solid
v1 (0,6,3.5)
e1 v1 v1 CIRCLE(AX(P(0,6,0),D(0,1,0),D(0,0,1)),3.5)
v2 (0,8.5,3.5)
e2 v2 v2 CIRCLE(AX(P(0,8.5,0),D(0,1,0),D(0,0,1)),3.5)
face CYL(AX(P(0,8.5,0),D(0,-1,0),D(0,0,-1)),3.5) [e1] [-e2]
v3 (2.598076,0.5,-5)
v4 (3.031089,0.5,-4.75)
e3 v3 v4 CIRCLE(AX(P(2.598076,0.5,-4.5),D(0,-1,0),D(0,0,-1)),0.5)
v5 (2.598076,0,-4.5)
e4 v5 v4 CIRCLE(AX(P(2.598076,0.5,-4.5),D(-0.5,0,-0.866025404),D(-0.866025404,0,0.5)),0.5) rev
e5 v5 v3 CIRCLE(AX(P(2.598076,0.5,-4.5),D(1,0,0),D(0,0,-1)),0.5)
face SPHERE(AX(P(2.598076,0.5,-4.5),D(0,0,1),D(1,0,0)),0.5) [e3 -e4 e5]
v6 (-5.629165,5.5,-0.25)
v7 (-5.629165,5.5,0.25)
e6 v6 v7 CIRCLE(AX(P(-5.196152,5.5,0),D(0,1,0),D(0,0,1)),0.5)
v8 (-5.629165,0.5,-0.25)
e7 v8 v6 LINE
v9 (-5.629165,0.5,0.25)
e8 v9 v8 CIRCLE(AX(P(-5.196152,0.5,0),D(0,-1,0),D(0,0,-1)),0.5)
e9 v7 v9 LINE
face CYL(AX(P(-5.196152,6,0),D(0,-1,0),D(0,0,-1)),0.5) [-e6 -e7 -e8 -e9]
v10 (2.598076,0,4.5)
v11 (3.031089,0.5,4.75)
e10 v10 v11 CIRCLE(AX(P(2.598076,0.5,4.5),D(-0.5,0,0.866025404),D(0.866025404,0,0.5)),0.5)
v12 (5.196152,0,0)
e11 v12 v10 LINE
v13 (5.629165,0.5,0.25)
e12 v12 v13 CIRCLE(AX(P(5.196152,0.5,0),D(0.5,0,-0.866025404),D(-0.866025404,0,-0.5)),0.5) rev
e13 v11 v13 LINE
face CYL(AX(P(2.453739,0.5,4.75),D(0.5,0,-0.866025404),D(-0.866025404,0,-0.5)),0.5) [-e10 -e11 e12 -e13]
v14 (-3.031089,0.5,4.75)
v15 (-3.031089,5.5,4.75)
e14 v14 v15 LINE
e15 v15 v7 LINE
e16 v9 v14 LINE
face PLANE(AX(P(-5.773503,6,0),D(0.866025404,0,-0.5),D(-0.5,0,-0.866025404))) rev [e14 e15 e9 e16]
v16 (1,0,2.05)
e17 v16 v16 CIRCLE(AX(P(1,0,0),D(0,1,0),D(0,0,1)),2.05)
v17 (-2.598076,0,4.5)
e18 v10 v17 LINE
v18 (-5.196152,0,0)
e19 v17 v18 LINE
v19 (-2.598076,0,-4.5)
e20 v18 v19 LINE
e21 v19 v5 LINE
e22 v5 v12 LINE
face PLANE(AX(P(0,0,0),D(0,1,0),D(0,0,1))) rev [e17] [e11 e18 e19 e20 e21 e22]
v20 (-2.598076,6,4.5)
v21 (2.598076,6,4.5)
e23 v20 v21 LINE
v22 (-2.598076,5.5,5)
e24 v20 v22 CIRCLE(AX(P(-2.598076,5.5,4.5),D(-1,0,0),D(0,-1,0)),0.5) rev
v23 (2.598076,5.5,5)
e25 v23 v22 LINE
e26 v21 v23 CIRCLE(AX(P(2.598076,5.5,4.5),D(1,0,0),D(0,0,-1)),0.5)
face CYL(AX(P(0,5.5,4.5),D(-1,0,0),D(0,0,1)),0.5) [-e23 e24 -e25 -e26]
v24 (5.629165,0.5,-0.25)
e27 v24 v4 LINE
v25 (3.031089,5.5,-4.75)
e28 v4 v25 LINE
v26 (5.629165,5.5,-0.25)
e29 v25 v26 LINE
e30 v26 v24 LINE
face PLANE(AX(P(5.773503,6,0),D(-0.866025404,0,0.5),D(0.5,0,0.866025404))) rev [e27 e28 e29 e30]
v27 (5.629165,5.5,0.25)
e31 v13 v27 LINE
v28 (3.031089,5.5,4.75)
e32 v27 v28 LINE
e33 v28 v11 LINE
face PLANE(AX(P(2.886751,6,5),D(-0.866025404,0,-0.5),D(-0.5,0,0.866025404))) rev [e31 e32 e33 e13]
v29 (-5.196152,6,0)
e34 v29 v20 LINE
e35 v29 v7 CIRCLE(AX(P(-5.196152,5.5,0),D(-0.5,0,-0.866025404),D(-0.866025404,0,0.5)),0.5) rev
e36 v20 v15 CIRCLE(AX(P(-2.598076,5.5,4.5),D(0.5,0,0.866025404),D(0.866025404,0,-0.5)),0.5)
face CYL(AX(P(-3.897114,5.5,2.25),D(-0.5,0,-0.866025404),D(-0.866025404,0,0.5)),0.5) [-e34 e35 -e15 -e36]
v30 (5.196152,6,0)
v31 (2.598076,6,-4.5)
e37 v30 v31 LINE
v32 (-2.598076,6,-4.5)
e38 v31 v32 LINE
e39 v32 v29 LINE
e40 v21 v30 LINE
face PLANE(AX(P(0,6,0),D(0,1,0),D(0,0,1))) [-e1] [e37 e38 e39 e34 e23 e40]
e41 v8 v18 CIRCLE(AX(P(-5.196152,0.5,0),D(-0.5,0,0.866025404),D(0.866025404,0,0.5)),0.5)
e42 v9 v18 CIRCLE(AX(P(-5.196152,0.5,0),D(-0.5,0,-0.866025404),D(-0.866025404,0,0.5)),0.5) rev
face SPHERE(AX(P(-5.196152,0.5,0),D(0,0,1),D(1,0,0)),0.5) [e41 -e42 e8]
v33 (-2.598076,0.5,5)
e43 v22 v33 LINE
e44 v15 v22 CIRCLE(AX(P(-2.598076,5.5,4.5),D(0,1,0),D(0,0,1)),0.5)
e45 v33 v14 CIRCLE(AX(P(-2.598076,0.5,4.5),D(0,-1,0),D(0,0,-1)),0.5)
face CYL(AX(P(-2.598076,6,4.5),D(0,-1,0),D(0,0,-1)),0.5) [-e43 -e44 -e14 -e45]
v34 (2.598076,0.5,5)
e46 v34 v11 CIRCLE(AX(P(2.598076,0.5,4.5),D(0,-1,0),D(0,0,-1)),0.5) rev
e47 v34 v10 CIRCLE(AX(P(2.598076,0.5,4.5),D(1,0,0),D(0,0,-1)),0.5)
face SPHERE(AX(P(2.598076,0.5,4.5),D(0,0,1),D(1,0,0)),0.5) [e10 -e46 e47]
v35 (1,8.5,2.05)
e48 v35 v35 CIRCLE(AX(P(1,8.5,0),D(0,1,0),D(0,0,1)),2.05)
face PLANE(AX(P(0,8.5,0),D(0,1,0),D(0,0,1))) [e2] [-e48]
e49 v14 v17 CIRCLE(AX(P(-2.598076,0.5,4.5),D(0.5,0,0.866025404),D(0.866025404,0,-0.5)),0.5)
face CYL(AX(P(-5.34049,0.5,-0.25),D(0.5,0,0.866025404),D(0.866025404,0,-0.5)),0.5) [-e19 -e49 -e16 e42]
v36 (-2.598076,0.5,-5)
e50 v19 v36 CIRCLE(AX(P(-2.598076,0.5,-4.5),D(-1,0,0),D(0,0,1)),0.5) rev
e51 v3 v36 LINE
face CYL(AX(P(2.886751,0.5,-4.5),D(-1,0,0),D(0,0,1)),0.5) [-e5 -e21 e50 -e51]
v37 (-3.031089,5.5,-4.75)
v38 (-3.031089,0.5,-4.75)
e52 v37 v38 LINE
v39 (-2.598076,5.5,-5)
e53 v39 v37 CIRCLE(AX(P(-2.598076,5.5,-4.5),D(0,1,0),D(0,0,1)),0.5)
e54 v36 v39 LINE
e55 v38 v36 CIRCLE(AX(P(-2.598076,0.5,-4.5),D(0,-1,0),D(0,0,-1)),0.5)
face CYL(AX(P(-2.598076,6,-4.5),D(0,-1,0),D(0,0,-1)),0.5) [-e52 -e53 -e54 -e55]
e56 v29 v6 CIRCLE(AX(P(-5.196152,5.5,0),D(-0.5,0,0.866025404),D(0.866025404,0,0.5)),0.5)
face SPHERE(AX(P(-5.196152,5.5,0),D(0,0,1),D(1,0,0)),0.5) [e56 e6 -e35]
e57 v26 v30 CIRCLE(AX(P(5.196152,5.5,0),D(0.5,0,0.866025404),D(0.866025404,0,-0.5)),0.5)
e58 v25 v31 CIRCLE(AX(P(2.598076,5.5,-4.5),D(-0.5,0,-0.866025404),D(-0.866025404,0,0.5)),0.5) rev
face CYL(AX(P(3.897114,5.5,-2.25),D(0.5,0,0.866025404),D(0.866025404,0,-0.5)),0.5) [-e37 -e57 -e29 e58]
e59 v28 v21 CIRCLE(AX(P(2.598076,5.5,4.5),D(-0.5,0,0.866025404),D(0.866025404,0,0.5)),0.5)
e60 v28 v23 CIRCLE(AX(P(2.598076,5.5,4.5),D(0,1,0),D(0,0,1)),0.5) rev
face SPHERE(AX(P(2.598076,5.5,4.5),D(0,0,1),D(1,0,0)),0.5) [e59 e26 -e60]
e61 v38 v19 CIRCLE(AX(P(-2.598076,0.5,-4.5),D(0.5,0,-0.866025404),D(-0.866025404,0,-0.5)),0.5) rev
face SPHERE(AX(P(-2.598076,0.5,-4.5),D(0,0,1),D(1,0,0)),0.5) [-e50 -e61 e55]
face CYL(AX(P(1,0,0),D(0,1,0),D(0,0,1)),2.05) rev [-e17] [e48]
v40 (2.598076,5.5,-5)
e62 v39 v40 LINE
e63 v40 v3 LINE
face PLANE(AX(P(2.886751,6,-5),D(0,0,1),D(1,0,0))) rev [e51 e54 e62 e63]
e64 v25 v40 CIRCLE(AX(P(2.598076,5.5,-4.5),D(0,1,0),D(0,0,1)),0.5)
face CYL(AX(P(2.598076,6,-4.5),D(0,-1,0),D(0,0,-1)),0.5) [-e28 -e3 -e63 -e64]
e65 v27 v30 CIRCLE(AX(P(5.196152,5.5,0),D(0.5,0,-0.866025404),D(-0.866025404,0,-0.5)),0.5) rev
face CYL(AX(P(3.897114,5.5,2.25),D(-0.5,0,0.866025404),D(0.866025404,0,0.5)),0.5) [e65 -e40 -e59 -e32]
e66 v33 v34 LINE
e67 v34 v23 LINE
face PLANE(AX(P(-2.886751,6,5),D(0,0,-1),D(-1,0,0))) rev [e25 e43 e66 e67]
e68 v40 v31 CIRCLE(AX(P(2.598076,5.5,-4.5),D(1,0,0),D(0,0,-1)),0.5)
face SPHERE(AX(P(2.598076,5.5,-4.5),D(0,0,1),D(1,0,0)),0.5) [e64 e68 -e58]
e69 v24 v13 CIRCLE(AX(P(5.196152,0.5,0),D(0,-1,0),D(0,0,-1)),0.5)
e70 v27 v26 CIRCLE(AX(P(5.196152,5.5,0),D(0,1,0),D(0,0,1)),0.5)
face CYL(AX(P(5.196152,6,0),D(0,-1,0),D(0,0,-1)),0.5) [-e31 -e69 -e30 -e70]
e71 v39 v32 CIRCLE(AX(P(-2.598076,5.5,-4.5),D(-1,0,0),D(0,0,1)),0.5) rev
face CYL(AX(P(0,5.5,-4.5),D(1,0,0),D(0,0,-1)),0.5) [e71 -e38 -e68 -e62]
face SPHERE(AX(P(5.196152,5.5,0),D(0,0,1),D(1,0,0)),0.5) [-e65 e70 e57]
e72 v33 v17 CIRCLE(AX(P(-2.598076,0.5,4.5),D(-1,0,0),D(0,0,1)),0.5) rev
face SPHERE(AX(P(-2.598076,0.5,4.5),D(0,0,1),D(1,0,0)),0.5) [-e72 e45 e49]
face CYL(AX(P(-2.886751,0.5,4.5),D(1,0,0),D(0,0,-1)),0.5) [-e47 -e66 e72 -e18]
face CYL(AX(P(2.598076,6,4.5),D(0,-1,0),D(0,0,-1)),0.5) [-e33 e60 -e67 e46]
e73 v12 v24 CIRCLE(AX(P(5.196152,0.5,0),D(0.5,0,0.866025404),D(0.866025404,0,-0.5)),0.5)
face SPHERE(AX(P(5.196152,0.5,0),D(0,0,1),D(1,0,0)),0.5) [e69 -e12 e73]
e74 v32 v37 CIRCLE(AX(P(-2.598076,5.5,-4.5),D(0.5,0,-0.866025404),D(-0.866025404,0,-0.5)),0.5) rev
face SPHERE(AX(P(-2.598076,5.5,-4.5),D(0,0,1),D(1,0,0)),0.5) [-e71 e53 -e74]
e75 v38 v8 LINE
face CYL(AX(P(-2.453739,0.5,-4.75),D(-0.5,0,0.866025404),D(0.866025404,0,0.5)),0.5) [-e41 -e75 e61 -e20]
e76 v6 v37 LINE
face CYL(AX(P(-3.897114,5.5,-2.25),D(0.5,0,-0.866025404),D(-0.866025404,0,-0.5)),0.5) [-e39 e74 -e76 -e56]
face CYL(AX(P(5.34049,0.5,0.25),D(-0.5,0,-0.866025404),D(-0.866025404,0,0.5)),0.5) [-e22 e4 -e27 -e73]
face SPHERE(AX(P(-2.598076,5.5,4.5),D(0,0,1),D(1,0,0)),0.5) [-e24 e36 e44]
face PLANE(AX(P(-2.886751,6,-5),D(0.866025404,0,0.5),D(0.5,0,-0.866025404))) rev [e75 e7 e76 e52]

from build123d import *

# Parameters (mm, degrees)
BOSS_EXTRUDE1_DEPTH = 6
SKETCH2_R           = 3.5
BOSS_EXTRUDE2_DEPTH = 2.5
SKETCH4_R           = 2.05
CUT_EXTRUDE1_DEPTH  = 12.427306478
FILLET1_R           = 0.5


with BuildPart() as part:
    # Sketch1 → Boss-Extrude1 (new body)
    with BuildSketch(Plane(origin=(0, 0, 0), x_dir=(1, 0, 0), z_dir=(0, 1, 0))):
        Polygon((-2.886751346, 5), (-5.773502692, 0), (-2.886751346, -5), (2.886751346, -5), (5.773502692, 0), (2.886751346, 5), align=None)
    extrude(amount=BOSS_EXTRUDE1_DEPTH)

    # Sketch2 → Boss-Extrude2 (add)
    with BuildSketch(Plane(origin=(0, 6, 0), x_dir=(1, 0, 0), z_dir=(0, 1, 0))):
        with Locations(Location((0, 0, 0), (0, 0, 270))):
            Circle(SKETCH2_R)
    extrude(amount=BOSS_EXTRUDE2_DEPTH)

    # Sketch4 → Cut-Extrude1 (cut, through all)
    with BuildSketch(Plane(origin=(0, 8.5, 0), x_dir=(1, 0, 0), z_dir=(0, 1, 0))):
        with Locations(Location((1, 0, 0), (0, 0, 270))):
            Circle(SKETCH4_R)
    extrude(amount=-CUT_EXTRUDE1_DEPTH, mode=Mode.SUBTRACT)

    # Fillet1
    fillet1_edges = [part.edges().sort_by_distance(p)[0] for p in [
        (-4.330127019, 6, 2.5),
        (2.886751346, 3, -5),
        (5.773502692, 3, 0),
        (2.886751346, 3, 5),
        (-2.886751346, 3, 5),
        (-5.773502692, 3, 0),
        (-2.886751346, 3, -5),
        (0, 6, 5),
        (4.330127019, 6, 2.5),
        (4.330127019, 6, -2.5),
        (0, 6, -5),
        (4.330127019, 0, -2.5),
        (4.330127019, 0, 2.5),
        (0, 0, 5),
        (-4.330127019, 6, -2.5),
        (-4.330127019, 0, 2.5),
        (-4.330127019, 0, -2.5),
        (0, 0, -5),
    ]]
    fillet(fillet1_edges, radius=FILLET1_R)


solid = part.part
